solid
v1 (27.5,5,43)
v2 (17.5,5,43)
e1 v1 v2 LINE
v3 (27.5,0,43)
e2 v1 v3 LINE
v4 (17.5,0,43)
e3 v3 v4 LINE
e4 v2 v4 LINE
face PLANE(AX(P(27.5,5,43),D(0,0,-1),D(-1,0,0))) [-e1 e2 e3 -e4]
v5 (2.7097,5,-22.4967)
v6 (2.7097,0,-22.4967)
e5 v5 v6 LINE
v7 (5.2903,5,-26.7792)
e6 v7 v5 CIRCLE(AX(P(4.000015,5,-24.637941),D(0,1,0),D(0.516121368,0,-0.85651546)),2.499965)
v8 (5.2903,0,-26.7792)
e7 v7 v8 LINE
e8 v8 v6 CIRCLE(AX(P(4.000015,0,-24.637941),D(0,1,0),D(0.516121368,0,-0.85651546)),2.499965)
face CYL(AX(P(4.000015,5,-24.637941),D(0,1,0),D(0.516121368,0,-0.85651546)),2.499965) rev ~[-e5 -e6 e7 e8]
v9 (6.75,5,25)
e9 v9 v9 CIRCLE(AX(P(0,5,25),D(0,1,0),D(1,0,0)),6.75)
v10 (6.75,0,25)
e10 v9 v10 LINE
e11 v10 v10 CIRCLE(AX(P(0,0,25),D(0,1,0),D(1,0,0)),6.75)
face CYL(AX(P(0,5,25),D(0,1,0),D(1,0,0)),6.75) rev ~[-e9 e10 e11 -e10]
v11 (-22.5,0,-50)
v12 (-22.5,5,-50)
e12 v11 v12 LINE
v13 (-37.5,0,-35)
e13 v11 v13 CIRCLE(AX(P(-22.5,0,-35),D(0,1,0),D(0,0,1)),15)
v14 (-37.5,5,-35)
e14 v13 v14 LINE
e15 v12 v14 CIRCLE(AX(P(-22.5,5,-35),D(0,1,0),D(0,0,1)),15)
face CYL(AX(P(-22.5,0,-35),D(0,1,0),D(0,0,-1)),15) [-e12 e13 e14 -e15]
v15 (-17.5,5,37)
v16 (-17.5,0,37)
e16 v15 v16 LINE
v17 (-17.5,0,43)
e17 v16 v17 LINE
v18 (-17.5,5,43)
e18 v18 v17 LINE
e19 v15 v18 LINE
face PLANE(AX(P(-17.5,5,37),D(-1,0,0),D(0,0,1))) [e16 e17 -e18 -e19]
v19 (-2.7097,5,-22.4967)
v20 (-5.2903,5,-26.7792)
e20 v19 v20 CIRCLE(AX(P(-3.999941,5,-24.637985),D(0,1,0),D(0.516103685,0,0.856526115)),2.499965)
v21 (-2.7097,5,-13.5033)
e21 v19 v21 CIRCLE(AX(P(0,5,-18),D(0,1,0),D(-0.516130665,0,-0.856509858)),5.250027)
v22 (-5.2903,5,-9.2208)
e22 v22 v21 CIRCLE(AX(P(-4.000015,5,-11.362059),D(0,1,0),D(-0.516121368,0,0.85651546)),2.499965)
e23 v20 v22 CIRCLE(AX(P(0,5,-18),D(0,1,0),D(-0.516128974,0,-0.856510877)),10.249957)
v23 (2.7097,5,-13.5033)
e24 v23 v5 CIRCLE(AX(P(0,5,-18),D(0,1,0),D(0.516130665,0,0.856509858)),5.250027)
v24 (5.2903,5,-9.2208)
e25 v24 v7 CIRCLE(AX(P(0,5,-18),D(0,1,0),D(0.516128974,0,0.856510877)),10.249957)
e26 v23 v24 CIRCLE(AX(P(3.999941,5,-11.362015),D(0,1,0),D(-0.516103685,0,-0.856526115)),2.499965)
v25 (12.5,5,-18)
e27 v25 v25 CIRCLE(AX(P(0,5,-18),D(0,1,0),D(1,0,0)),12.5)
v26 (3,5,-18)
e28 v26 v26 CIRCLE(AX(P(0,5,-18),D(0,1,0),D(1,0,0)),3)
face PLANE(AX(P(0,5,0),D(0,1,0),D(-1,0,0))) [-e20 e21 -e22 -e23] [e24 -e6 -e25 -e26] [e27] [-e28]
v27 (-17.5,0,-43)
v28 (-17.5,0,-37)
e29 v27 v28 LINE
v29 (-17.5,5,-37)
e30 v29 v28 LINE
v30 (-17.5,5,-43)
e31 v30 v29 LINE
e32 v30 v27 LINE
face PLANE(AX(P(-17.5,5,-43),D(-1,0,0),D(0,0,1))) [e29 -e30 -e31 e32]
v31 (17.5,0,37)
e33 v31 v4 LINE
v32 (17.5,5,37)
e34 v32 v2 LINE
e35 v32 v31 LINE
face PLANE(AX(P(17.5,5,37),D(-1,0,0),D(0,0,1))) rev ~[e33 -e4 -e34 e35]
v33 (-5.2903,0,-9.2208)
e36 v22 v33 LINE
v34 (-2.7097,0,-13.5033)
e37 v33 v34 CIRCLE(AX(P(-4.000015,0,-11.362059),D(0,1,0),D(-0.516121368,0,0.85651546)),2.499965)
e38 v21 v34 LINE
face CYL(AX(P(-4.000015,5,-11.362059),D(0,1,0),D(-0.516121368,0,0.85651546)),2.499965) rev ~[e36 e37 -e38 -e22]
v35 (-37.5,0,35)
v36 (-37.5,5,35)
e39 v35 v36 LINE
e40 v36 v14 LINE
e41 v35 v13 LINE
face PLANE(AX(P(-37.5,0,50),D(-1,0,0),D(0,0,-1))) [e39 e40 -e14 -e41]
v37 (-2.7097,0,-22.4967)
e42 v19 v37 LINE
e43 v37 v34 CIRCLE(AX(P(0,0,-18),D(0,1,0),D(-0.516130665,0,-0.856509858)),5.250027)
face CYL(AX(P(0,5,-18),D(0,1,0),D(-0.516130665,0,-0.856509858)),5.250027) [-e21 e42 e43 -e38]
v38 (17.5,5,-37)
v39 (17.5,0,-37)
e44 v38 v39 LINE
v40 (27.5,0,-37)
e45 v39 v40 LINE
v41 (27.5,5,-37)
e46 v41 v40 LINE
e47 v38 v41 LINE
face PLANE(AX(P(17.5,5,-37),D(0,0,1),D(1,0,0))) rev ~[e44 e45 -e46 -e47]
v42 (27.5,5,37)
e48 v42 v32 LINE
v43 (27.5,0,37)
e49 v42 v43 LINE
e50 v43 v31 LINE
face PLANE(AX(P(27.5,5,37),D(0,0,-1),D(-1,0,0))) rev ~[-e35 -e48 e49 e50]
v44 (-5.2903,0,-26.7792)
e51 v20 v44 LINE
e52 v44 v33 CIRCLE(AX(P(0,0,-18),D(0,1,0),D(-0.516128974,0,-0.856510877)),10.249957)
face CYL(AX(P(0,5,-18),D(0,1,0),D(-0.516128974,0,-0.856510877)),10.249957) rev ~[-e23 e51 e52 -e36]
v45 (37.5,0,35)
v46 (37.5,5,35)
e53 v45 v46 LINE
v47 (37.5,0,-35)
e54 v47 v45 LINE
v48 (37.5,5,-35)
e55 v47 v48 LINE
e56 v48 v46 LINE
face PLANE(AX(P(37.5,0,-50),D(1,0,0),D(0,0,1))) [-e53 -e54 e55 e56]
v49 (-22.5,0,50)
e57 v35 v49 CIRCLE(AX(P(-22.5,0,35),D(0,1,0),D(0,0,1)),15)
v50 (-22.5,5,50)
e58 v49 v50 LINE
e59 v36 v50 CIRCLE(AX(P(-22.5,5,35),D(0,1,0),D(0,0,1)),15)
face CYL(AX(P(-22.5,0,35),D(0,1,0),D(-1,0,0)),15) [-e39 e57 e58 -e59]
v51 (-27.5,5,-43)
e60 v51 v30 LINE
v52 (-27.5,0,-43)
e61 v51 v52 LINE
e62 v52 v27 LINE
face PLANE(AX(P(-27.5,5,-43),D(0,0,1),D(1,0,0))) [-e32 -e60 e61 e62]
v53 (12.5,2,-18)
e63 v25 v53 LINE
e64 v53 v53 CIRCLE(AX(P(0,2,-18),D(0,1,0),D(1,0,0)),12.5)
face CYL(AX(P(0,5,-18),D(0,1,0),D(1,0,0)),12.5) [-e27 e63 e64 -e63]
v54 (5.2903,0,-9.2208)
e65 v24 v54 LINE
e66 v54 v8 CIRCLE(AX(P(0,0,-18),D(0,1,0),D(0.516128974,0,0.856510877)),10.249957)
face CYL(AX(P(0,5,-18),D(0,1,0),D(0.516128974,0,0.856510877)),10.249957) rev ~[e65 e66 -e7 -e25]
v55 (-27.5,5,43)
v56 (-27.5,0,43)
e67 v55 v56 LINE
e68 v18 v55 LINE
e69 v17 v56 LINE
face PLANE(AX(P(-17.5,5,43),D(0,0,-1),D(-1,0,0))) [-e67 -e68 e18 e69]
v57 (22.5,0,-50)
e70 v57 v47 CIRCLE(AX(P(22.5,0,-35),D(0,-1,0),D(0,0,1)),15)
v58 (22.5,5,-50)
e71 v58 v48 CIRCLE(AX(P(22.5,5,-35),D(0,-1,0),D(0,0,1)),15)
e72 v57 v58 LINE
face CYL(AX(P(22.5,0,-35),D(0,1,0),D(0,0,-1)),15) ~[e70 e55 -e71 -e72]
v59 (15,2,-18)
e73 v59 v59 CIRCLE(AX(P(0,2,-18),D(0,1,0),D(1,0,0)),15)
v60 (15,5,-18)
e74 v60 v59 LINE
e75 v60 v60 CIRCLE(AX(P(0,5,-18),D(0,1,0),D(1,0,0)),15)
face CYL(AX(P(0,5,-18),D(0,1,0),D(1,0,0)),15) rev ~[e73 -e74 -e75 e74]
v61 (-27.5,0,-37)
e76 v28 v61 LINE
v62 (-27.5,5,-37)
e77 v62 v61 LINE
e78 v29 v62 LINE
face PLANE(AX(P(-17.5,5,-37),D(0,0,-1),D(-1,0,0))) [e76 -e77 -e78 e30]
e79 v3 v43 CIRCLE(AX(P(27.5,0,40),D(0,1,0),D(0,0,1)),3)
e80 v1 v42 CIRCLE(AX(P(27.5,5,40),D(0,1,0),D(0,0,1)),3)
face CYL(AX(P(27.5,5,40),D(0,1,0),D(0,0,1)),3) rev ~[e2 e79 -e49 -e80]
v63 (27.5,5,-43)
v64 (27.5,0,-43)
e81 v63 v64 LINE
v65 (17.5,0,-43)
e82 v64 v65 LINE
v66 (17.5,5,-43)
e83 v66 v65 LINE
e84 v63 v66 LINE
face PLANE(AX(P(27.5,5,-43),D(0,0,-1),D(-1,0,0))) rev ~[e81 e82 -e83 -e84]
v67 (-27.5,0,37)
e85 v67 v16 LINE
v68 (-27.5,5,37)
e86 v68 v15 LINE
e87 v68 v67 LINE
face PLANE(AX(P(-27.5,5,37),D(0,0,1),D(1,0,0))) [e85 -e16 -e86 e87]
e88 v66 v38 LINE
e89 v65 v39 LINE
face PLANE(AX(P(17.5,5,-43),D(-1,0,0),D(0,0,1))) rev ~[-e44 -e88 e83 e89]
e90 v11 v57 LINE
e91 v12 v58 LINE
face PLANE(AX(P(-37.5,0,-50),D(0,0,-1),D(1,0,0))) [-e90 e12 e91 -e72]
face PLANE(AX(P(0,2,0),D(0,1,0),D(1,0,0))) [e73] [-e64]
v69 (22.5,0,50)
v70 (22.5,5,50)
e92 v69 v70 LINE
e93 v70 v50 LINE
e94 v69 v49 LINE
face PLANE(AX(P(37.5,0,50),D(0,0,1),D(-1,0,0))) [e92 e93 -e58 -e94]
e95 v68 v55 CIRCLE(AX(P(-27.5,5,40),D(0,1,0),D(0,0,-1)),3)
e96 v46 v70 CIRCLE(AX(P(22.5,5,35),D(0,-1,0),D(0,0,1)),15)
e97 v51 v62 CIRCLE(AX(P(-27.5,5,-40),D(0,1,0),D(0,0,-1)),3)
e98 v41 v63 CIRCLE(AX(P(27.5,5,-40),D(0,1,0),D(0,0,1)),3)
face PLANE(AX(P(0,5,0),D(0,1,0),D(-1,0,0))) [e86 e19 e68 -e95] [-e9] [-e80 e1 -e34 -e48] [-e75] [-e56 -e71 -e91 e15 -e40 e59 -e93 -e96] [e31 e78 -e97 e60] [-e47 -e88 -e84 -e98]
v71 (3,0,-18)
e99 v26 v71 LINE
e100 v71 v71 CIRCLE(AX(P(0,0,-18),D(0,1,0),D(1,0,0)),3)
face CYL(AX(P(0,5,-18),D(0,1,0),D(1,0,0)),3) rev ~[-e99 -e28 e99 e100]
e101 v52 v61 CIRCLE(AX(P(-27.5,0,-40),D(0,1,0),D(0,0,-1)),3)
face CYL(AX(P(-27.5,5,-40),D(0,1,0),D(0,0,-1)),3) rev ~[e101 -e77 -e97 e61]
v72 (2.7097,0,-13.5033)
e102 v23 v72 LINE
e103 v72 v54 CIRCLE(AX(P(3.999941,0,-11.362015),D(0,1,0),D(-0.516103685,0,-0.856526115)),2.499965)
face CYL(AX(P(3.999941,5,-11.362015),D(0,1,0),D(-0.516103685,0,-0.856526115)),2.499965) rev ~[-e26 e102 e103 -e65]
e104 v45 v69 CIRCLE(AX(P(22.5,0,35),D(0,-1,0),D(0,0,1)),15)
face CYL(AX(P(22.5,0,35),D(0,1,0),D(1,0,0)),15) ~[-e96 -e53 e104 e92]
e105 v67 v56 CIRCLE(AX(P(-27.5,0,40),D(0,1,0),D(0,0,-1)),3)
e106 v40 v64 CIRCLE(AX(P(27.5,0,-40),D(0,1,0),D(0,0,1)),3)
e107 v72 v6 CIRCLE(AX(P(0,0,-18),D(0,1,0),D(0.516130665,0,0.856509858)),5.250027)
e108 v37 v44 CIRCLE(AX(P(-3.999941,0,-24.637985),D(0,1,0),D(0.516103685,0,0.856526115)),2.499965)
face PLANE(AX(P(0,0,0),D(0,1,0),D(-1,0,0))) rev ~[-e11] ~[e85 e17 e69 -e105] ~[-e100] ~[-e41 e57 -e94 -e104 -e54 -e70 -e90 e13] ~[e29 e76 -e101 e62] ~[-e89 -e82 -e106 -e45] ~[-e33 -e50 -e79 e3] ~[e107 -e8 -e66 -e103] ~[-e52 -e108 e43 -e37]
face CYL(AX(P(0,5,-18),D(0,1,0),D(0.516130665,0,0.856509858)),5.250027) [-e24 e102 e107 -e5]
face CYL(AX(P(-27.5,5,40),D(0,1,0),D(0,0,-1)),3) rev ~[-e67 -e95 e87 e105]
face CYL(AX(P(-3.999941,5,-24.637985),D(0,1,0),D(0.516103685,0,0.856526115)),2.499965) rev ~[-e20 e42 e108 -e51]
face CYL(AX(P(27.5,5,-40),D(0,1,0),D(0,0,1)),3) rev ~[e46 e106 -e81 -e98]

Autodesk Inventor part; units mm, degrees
ref_plane "YZ Plane" through (0, 0, 0) normal (1, 0, 0) x (0, 1, 0)
ref_plane "XZ Plane" through (0, 0, 0) normal (0, 1, 0) x (-1, 0, 0)
ref_plane "XY Plane" through (0, 0, 0) normal (0, 0, 1) x (1, 0, 0)
sketch "Sketch1" plane through (0, 0, 0) normal (0, 1, 0) x (-1, 0, 0)
  line L0 (37.5, -50) -> (-37.5, -50)
  line L1 (-37.5, -50) -> (-37.5, 50)
  line L2 (-37.5, 50) -> (37.5, 50)
  line L3 (37.5, 50) -> (37.5, -50)
  point P0 (0, 0)
  point P1 (0, -50)
  point P2 (37.5, 0)
  dimension "d0" = 75
  dimension "d1" = 100
extrude "Extrusion1" add sketch "Sketch1" along normal blind 5
sketch "Sketch2" plane through (0, 5, 0) normal (0, 1, 0) x (1, 0, 0)
  arc A0 (-27.5, 43) -> (-27.5, 37) centre (-27.5, 40) ccw
  arc A1 (27.5, 37) -> (27.5, 43) centre (27.5, 40) ccw
  arc A2 (27.5, -43) -> (27.5, -37) centre (27.5, -40) ccw
  arc A3 (-27.5, -37) -> (-27.5, -43) centre (-27.5, -40) ccw
  line L0 (37.5, 50) -> (-37.5, 50) projected
  line L1 (-37.5, 50) -> (-37.5, -50) projected
  line L2 (-37.5, -50) -> (37.5, -50) projected
  line L3 (37.5, -50) -> (37.5, 50) projected
  line L4 (-27.5, -37) -> (-17.5, -37)
  line L5 (-17.5, -37) -> (-17.5, -43)
  line L6 (-17.5, -43) -> (-27.5, -43)
  line L7 (27.5, -37) -> (17.5, -37)
  line L8 (27.5, -43) -> (17.5, -43)
  line L9 (17.5, -37) -> (17.5, -43)
  line L10 (-27.5, 43) -> (-17.5, 43)
  line L11 (-17.5, 43) -> (-17.5, 37)
  line L12 (-17.5, 37) -> (-27.5, 37)
  line L13 (27.5, 43) -> (17.5, 43)
  line L14 (17.5, 43) -> (17.5, 37)
  line L15 (17.5, 37) -> (27.5, 37)
  point P0 (0, 0)
  dimension "d4" = 6
  dimension "d5" = 6
  dimension "d6" = 6
  dimension "d7" = 6
  dimension "d8" = 10
  dimension "d9" = 10
  dimension "d10" = 10
  dimension "d11" = 10
  dimension "d29" = 6
  dimension "d32" = 10
  dimension "d34" = 6
  dimension "d35" = 10
  dimension "d36" = 6
  dimension "d37" = 10
  dimension "d38" = 10
  dimension "d39" = 6
extrude "Extrusion2" cut sketch "Sketch2" against normal through all contours L10 L11 L12 A0 | L15 L14 L13 A1 | L8 L9 L7 A2 | L4 L5 L6 A3
sketch "Sketch3" plane through (0, 5, 0) normal (0, 1, 0) x (1, 0, 0)
  circle A0 centre (0, -25) radius 6.75
  point P0 (0, 0)
  dimension "d17" = 13.5
  dimension "d18" = 25
extrude "Extrusion3" cut sketch "Sketch3" against normal through all
sketch "Sketch4" plane through (0, 5, 0) normal (0, 1, 0) x (1, 0, 0)
  circle A0 centre (0, 18) radius 15
  circle A1 centre (0, 18) radius 12.5
  point P0 (0, 0)
  dimension "d20" = 2.5
  dimension "d21" = 18
  dimension "d28" = 25
extrude "Extrusion4" cut sketch "Sketch4" against normal blind 3
sketch "Sketch5" plane through (0, 5, -18) normal (0, 1, 0) x (1, 0, 0)
  circle A0 centre (0, 0) radius 3
  circle A1 centre (0, 0) radius 12.5 projected
  point P0 (0, -18)
  dimension "d24" = 6
extrude "Extrusion5" cut sketch "Sketch5" against normal through all contours A0
fillet "Fillet1" radius 15 4 edges at (-37.5, 2.5, 50) (37.5, 2.5, 50) (37.5, 2.5, -50) (-37.5, 2.5, -50)
sketch "Sketch6" plane through (0, 5, -18) normal (0, 1, 0) x (1, 0, 0)
  circle A0 centre (0, 0) radius 3 projected
  circle A1 centre (0, 0) radius 12.5 projected
  arc A2 (-4, 6.638) -> (-4, -6.638) centre (0, 0) ccw construction
  arc A3 (-5.2903, 8.7792) -> (-5.2903, -8.7792) centre (0, 0) ccw
  arc A4 (-2.7097, 4.4967) -> (-2.7097, -4.4967) centre (0, 0) ccw
  arc A5 (-2.7097, 4.4967) -> (-5.2903, 8.7792) centre (-4, 6.638) ccw
  arc A6 (-5.2903, -8.7792) -> (-2.7097, -4.4967) centre (-4, -6.638) ccw
  line L0 (0, 12.5) -> (0, -12.5) construction
  arc A7 (5.2903, -8.7792) -> (5.2903, 8.7792) centre (0, 0) ccw
  arc A8 (2.7097, -4.4967) -> (2.7097, 4.4967) centre (0, 0) ccw
  arc A9 (5.2903, 8.7792) -> (2.7097, 4.4967) centre (4, 6.638) ccw
  arc A10 (2.7097, -4.4967) -> (5.2903, -8.7792) centre (4, -6.638) ccw
  point P0 (0, -18)
  dimension "d41" = 7.75
  dimension "d44" = 4
  dimension "d45" = 2.5
extrude "Extrusion6" cut sketch "Sketch6" against normal through all contours A5 A4 A6 A3 | A10 A8 A9 A7
equation "\"d5\" = d4"
equation "\"d6\" = d4"
equation "\"d7\" = d4"
equation "\"d9\" = d8"
equation "\"d10\" = d8"
equation "\"d11\" = d9"
equation "\"d29\" = d6"
equation "\"d34\" = d7"
equation "\"d35\" = d32"
equation "\"d36\" = d4"
equation "\"d37\" = d32"
equation "\"d38\" = d37"
equation "\"d39\" = d5"
properties part number "Plate"
